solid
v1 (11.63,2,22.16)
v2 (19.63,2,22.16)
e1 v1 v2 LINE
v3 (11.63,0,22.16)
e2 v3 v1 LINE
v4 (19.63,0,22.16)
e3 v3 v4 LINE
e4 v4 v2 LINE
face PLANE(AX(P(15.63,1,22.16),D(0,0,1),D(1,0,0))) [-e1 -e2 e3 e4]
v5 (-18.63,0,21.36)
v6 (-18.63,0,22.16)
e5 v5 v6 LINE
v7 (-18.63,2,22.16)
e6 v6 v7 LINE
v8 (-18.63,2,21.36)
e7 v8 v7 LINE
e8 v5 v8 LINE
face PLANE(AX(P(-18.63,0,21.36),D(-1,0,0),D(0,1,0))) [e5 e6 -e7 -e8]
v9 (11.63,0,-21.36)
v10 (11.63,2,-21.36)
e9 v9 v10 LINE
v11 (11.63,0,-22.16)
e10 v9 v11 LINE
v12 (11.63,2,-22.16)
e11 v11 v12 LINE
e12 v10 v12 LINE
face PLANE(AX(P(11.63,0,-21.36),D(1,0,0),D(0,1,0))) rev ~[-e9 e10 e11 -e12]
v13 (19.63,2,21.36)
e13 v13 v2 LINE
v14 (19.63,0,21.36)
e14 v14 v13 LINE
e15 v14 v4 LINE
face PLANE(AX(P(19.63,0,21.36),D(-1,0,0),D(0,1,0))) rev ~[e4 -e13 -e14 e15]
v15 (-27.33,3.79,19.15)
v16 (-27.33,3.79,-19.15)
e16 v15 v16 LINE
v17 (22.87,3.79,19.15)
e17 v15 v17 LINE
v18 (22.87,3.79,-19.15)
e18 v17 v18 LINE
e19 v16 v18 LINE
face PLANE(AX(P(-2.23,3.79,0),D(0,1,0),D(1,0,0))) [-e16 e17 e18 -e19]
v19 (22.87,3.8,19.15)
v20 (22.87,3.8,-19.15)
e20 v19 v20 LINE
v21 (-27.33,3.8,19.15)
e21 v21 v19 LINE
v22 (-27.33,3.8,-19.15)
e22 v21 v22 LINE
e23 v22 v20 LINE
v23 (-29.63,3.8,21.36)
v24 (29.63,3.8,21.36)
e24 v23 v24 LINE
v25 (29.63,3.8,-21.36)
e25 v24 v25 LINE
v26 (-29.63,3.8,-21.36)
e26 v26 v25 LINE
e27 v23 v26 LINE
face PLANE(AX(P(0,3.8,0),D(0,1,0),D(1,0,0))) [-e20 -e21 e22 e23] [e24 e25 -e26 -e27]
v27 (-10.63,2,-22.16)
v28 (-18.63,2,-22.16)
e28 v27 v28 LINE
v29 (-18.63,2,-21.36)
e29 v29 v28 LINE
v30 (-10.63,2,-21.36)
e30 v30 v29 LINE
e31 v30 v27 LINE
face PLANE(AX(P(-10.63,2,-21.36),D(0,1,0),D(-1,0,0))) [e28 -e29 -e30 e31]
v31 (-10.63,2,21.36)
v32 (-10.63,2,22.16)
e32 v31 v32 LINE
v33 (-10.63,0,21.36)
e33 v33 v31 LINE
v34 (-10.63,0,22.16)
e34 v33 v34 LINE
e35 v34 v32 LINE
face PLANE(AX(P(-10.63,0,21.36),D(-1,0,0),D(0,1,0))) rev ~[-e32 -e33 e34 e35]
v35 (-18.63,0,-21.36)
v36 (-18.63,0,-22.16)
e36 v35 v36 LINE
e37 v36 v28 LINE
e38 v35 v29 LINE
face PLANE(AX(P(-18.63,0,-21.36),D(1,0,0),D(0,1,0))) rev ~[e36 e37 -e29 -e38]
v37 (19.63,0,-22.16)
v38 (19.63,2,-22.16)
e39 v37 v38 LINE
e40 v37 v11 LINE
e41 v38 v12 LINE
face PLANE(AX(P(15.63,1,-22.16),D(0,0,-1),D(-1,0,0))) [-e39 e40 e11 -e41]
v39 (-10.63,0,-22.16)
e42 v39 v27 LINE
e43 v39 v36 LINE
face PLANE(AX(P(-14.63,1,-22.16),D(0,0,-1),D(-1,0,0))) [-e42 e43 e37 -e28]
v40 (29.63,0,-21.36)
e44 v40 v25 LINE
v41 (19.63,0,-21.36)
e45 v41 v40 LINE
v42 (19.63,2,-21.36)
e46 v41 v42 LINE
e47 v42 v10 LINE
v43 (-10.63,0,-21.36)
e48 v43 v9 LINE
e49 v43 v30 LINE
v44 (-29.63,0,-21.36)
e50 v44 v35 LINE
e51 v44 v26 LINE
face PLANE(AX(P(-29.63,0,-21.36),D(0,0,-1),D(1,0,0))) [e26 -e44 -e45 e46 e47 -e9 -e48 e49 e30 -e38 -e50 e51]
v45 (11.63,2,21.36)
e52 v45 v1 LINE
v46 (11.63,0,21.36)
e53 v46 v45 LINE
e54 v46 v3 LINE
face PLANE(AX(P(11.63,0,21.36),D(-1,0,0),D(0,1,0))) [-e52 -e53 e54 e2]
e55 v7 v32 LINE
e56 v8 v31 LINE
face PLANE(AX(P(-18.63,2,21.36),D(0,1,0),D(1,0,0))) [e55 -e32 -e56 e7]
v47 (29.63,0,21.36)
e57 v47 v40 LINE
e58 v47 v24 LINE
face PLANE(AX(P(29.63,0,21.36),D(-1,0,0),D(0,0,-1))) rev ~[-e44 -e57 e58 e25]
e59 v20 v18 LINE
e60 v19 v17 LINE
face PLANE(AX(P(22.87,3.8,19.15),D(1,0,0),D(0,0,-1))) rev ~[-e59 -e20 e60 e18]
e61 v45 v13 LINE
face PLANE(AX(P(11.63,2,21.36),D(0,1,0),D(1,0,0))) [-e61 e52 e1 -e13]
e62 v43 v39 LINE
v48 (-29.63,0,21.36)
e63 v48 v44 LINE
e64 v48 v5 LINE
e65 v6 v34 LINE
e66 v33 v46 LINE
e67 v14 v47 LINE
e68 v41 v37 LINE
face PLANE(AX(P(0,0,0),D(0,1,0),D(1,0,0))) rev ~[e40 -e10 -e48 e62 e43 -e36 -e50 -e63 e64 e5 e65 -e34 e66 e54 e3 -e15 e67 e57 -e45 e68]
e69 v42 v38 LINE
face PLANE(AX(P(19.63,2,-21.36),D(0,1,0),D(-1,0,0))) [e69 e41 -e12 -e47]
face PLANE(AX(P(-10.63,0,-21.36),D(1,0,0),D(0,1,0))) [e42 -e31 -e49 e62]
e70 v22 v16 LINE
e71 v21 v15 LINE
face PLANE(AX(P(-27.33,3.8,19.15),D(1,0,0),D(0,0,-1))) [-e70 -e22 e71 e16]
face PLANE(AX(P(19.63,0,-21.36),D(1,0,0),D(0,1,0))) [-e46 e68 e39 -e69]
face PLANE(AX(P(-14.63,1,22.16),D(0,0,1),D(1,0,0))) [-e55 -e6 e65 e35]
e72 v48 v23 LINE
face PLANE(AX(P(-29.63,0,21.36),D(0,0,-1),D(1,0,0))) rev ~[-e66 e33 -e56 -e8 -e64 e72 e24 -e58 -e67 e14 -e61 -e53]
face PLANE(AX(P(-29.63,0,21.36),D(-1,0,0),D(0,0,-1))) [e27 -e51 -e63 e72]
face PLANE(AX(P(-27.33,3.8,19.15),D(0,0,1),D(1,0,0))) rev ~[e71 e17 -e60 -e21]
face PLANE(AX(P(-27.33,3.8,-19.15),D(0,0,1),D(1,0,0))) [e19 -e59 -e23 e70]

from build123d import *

# Parameters (mm, degrees)
SKETCH1_W           = 59.26
SKETCH1_H           = 42.72
BOSS_EXTRUDE1_DEPTH = 3.8
SKETCH2_W           = 8
SKETCH2_H           = 2
BOSS_EXTRUDE2_DEPTH = 0.8
SKETCH3_W           = 8
SKETCH3_H           = 2
BOSS_EXTRUDE3_DEPTH = 0.8
SKETCH4_W           = 50.2
SKETCH4_H           = 38.3
CUT_EXTRUDE1_DEPTH  = 0.01


with BuildPart() as part:
    # Sketch1 → Boss-Extrude1 (new body)
    with BuildSketch(Plane(origin=(0, 0, 0), x_dir=(1, 0, 0), z_dir=(0, 1, 0))):
        Rectangle(SKETCH1_W, SKETCH1_H)
    extrude(amount=BOSS_EXTRUDE1_DEPTH)

    # Sketch2 → Boss-Extrude2 (add)
    with BuildSketch(Plane.XY.offset(21.36)):
        with Locations((-14.63, 1)):
            Rectangle(SKETCH2_W, SKETCH2_H)
        with Locations((15.63, 1)):
            Rectangle(SKETCH2_W, SKETCH2_H)
    extrude(amount=BOSS_EXTRUDE2_DEPTH)

    # Sketch3 → Boss-Extrude3 (add)
    with BuildSketch(Plane(origin=(0, 0, -21.36), x_dir=(-1, 0, 0), z_dir=(0, 0, -1))):
        with Locations((14.63, 1)):
            Rectangle(SKETCH3_W, SKETCH3_H)
        with Locations((-15.63, 1)):
            Rectangle(SKETCH3_W, SKETCH3_H)
    extrude(amount=BOSS_EXTRUDE3_DEPTH)

    # Sketch4 → Cut-Extrude1 (cut)
    with BuildSketch(Plane(origin=(0, 3.8, 0), x_dir=(1, 0, 0), z_dir=(0, 1, 0))):
        with Locations((-2.23, 0)):
            Rectangle(SKETCH4_W, SKETCH4_H)
    extrude(amount=-CUT_EXTRUDE1_DEPTH, mode=Mode.SUBTRACT)


solid = part.part
